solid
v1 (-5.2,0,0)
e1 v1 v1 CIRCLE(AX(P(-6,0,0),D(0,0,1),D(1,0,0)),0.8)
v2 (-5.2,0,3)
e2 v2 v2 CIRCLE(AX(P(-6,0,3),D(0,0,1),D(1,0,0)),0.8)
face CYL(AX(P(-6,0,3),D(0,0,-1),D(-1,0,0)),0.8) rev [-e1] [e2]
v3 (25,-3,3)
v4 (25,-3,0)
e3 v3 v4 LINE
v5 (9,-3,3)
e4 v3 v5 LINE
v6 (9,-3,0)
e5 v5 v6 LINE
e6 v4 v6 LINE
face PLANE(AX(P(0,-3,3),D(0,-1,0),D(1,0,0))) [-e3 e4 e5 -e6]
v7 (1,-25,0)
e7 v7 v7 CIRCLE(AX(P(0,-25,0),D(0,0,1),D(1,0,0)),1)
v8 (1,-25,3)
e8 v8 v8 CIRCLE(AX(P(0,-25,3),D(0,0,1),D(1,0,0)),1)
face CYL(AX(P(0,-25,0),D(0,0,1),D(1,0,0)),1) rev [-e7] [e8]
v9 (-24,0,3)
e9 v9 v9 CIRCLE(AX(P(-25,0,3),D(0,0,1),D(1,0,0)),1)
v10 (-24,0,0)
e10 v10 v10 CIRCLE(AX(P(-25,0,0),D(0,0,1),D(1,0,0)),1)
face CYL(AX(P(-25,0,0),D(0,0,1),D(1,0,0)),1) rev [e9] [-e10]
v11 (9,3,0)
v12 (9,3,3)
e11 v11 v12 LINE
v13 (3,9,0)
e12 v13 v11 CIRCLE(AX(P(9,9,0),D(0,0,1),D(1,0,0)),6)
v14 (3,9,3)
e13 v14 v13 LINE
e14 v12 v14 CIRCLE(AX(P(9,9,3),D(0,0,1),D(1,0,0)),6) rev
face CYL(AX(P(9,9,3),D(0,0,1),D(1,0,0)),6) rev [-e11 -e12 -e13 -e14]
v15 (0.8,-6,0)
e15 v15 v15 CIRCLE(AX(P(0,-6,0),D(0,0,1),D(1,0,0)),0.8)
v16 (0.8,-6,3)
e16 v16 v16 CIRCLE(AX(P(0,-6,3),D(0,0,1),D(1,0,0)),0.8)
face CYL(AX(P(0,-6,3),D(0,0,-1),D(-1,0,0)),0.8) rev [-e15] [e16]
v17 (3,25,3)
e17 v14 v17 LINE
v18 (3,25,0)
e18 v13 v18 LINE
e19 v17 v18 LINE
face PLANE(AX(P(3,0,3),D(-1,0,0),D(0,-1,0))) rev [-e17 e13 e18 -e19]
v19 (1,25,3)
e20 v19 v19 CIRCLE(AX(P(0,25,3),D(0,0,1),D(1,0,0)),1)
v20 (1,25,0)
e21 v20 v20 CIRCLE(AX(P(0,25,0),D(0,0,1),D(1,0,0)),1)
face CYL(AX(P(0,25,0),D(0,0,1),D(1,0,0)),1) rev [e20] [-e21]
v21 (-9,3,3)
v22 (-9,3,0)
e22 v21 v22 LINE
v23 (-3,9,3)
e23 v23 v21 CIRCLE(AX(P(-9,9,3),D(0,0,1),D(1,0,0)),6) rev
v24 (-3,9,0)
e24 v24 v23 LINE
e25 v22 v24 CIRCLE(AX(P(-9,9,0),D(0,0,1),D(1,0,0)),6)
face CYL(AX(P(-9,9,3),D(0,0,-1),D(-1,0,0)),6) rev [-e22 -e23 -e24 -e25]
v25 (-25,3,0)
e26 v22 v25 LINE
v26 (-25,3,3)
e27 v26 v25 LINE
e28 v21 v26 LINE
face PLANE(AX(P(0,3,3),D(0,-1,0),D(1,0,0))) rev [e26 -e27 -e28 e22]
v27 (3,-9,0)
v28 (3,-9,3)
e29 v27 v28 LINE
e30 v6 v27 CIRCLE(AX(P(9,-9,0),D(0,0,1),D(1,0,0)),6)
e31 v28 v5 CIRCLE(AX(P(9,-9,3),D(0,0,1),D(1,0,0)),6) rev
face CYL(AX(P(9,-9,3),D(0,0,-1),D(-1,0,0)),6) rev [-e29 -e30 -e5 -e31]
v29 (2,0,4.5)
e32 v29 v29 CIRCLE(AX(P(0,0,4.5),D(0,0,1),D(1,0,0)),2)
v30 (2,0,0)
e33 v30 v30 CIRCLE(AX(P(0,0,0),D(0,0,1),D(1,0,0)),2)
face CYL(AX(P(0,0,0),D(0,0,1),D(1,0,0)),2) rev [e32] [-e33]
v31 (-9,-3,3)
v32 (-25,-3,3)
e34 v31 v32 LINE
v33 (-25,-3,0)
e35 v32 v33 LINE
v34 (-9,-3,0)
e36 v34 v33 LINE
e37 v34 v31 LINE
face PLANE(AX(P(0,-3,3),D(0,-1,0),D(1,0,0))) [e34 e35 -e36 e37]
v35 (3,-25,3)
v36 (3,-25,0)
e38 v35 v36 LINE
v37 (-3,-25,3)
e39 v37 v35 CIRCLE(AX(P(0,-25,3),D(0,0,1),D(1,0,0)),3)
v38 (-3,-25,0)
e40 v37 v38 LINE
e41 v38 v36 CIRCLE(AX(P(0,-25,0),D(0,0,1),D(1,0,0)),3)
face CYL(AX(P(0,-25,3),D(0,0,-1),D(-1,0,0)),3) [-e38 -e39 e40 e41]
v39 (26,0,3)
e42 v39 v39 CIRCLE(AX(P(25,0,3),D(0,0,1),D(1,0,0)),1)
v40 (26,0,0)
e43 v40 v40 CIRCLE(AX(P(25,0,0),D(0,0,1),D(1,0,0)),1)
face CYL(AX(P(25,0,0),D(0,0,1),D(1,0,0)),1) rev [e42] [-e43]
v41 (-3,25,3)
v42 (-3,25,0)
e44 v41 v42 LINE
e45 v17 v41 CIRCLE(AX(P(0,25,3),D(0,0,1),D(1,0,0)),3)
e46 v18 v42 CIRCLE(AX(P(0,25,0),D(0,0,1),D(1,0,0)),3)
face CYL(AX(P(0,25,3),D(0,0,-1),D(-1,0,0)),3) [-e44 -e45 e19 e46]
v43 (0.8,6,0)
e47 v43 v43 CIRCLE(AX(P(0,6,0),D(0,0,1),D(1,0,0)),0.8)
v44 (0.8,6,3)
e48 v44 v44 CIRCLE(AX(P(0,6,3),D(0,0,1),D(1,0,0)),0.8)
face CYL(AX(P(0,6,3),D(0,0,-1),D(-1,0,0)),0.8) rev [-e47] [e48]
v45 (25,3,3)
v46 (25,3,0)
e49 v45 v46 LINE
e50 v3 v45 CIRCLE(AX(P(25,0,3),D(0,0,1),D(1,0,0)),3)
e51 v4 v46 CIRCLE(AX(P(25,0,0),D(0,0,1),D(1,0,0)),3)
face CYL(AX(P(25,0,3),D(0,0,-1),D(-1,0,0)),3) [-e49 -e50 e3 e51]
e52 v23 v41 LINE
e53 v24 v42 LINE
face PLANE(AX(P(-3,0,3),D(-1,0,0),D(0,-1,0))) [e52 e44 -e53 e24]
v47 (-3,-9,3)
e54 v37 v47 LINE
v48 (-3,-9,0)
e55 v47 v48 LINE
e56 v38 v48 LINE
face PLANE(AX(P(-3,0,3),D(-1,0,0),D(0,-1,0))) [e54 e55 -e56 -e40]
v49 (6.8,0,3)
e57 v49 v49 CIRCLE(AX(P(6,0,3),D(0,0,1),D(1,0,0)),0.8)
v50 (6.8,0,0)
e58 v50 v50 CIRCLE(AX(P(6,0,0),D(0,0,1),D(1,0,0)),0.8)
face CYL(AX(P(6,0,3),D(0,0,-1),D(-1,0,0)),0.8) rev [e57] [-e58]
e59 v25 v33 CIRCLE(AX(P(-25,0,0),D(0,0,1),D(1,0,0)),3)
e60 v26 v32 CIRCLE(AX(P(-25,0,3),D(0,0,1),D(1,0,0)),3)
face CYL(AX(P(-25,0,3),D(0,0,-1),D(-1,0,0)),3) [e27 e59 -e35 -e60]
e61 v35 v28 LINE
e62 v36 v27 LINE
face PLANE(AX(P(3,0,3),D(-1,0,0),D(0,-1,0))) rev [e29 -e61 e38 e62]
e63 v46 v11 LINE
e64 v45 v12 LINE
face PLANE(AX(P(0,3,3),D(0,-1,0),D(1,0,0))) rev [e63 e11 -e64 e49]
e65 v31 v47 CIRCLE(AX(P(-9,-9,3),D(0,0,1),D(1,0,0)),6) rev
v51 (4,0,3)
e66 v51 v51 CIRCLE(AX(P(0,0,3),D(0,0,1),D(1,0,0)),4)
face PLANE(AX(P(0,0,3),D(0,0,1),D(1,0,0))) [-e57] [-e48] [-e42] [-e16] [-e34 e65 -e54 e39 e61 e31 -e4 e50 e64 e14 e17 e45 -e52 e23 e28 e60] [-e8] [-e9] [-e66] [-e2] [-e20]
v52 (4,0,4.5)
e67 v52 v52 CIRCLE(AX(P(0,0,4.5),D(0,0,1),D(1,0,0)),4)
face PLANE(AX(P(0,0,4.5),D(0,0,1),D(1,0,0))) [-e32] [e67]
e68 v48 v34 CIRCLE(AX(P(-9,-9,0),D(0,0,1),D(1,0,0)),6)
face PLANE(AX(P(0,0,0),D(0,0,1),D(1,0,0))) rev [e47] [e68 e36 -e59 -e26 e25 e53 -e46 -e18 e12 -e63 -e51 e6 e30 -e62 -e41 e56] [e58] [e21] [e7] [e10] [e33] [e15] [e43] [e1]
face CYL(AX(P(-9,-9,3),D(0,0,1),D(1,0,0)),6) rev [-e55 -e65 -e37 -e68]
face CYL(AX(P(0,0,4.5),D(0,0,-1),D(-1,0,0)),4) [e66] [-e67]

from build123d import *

# Parameters (mm, degrees)
SKETCH1_R           = 0.8
BOSS_EXTRUDE1_DEPTH = 3
FILLET1_R           = 6
SKETCH2_R           = 2
CUT_EXTRUDE1_DEPTH  = 3
BOSS_EXTRUDE2_START = 1.5
SKETCH3_R           = 4
SKETCH3_R_2         = 2
BOSS_EXTRUDE2_DEPTH = 1.5
SKETCH4_R           = 1
CUT_EXTRUDE2_DEPTH  = 3


with BuildPart() as part:
    # Sketch1 → Boss-Extrude1 (new body)
    # profile 1 of 2: a face of its own
    with BuildSketch(Plane.XY):
        with BuildLine():
            Line((25, -3), (-25, -3))
            ThreePointArc((-25, -3), (-28, 0), (-25, 3))
            Line((-25, 3), (25, 3))
            ThreePointArc((25, 3), (28, 0), (25, -3))
        make_face()
        with Locations((-6, 0)):
            Circle(SKETCH1_R, mode=Mode.SUBTRACT)
        with Locations((6, 0)):
            Circle(SKETCH1_R, mode=Mode.SUBTRACT)
    # profile 2 of 2: a face of its own
    with BuildSketch(Plane.XY):
        with BuildLine():
            Line((-3, -25), (-3, 25))
            ThreePointArc((-3, 25), (0, 28), (3, 25))
            Line((3, 25), (3, -25))
            ThreePointArc((3, -25), (0, -28), (-3, -25))
        make_face()
        with Locations((0, 6)):
            Circle(SKETCH1_R, mode=Mode.SUBTRACT)
        with Locations((0, -6)):
            Circle(SKETCH1_R, mode=Mode.SUBTRACT)
    extrude(amount=BOSS_EXTRUDE1_DEPTH)

    # Fillet1
    fillet1_edges = [part.edges().sort_by_distance(p)[0] for p in [
        (3, -3, 1.5),
        (-3, -3, 1.5),
        (-3, 3, 1.5),
        (3, 3, 1.5),
    ]]
    fillet(fillet1_edges, radius=FILLET1_R)

    # Sketch2 → Cut-Extrude1 (cut)
    with BuildSketch(Plane.XY.offset(3)):
        Circle(SKETCH2_R)
    extrude(amount=-CUT_EXTRUDE1_DEPTH, mode=Mode.SUBTRACT)

    # Sketch3 → Boss-Extrude2 (add)
    with BuildSketch(Plane.XY.offset(3).offset(BOSS_EXTRUDE2_START)):
        Circle(SKETCH3_R)
        Circle(SKETCH3_R_2, mode=Mode.SUBTRACT)
    extrude(amount=-BOSS_EXTRUDE2_DEPTH)

    # Sketch4 → Cut-Extrude2 (cut)
    with BuildSketch(Plane.XY.offset(3)):
        with Locations((0, 25)):
            Circle(SKETCH4_R)
        with Locations((25, 0)):
            Circle(SKETCH4_R)
        with Locations((0, -25)):
            Circle(SKETCH4_R)
        with Locations((-25, 0)):
            Circle(SKETCH4_R)
    extrude(amount=-CUT_EXTRUDE2_DEPTH, mode=Mode.SUBTRACT)


solid = part.part
